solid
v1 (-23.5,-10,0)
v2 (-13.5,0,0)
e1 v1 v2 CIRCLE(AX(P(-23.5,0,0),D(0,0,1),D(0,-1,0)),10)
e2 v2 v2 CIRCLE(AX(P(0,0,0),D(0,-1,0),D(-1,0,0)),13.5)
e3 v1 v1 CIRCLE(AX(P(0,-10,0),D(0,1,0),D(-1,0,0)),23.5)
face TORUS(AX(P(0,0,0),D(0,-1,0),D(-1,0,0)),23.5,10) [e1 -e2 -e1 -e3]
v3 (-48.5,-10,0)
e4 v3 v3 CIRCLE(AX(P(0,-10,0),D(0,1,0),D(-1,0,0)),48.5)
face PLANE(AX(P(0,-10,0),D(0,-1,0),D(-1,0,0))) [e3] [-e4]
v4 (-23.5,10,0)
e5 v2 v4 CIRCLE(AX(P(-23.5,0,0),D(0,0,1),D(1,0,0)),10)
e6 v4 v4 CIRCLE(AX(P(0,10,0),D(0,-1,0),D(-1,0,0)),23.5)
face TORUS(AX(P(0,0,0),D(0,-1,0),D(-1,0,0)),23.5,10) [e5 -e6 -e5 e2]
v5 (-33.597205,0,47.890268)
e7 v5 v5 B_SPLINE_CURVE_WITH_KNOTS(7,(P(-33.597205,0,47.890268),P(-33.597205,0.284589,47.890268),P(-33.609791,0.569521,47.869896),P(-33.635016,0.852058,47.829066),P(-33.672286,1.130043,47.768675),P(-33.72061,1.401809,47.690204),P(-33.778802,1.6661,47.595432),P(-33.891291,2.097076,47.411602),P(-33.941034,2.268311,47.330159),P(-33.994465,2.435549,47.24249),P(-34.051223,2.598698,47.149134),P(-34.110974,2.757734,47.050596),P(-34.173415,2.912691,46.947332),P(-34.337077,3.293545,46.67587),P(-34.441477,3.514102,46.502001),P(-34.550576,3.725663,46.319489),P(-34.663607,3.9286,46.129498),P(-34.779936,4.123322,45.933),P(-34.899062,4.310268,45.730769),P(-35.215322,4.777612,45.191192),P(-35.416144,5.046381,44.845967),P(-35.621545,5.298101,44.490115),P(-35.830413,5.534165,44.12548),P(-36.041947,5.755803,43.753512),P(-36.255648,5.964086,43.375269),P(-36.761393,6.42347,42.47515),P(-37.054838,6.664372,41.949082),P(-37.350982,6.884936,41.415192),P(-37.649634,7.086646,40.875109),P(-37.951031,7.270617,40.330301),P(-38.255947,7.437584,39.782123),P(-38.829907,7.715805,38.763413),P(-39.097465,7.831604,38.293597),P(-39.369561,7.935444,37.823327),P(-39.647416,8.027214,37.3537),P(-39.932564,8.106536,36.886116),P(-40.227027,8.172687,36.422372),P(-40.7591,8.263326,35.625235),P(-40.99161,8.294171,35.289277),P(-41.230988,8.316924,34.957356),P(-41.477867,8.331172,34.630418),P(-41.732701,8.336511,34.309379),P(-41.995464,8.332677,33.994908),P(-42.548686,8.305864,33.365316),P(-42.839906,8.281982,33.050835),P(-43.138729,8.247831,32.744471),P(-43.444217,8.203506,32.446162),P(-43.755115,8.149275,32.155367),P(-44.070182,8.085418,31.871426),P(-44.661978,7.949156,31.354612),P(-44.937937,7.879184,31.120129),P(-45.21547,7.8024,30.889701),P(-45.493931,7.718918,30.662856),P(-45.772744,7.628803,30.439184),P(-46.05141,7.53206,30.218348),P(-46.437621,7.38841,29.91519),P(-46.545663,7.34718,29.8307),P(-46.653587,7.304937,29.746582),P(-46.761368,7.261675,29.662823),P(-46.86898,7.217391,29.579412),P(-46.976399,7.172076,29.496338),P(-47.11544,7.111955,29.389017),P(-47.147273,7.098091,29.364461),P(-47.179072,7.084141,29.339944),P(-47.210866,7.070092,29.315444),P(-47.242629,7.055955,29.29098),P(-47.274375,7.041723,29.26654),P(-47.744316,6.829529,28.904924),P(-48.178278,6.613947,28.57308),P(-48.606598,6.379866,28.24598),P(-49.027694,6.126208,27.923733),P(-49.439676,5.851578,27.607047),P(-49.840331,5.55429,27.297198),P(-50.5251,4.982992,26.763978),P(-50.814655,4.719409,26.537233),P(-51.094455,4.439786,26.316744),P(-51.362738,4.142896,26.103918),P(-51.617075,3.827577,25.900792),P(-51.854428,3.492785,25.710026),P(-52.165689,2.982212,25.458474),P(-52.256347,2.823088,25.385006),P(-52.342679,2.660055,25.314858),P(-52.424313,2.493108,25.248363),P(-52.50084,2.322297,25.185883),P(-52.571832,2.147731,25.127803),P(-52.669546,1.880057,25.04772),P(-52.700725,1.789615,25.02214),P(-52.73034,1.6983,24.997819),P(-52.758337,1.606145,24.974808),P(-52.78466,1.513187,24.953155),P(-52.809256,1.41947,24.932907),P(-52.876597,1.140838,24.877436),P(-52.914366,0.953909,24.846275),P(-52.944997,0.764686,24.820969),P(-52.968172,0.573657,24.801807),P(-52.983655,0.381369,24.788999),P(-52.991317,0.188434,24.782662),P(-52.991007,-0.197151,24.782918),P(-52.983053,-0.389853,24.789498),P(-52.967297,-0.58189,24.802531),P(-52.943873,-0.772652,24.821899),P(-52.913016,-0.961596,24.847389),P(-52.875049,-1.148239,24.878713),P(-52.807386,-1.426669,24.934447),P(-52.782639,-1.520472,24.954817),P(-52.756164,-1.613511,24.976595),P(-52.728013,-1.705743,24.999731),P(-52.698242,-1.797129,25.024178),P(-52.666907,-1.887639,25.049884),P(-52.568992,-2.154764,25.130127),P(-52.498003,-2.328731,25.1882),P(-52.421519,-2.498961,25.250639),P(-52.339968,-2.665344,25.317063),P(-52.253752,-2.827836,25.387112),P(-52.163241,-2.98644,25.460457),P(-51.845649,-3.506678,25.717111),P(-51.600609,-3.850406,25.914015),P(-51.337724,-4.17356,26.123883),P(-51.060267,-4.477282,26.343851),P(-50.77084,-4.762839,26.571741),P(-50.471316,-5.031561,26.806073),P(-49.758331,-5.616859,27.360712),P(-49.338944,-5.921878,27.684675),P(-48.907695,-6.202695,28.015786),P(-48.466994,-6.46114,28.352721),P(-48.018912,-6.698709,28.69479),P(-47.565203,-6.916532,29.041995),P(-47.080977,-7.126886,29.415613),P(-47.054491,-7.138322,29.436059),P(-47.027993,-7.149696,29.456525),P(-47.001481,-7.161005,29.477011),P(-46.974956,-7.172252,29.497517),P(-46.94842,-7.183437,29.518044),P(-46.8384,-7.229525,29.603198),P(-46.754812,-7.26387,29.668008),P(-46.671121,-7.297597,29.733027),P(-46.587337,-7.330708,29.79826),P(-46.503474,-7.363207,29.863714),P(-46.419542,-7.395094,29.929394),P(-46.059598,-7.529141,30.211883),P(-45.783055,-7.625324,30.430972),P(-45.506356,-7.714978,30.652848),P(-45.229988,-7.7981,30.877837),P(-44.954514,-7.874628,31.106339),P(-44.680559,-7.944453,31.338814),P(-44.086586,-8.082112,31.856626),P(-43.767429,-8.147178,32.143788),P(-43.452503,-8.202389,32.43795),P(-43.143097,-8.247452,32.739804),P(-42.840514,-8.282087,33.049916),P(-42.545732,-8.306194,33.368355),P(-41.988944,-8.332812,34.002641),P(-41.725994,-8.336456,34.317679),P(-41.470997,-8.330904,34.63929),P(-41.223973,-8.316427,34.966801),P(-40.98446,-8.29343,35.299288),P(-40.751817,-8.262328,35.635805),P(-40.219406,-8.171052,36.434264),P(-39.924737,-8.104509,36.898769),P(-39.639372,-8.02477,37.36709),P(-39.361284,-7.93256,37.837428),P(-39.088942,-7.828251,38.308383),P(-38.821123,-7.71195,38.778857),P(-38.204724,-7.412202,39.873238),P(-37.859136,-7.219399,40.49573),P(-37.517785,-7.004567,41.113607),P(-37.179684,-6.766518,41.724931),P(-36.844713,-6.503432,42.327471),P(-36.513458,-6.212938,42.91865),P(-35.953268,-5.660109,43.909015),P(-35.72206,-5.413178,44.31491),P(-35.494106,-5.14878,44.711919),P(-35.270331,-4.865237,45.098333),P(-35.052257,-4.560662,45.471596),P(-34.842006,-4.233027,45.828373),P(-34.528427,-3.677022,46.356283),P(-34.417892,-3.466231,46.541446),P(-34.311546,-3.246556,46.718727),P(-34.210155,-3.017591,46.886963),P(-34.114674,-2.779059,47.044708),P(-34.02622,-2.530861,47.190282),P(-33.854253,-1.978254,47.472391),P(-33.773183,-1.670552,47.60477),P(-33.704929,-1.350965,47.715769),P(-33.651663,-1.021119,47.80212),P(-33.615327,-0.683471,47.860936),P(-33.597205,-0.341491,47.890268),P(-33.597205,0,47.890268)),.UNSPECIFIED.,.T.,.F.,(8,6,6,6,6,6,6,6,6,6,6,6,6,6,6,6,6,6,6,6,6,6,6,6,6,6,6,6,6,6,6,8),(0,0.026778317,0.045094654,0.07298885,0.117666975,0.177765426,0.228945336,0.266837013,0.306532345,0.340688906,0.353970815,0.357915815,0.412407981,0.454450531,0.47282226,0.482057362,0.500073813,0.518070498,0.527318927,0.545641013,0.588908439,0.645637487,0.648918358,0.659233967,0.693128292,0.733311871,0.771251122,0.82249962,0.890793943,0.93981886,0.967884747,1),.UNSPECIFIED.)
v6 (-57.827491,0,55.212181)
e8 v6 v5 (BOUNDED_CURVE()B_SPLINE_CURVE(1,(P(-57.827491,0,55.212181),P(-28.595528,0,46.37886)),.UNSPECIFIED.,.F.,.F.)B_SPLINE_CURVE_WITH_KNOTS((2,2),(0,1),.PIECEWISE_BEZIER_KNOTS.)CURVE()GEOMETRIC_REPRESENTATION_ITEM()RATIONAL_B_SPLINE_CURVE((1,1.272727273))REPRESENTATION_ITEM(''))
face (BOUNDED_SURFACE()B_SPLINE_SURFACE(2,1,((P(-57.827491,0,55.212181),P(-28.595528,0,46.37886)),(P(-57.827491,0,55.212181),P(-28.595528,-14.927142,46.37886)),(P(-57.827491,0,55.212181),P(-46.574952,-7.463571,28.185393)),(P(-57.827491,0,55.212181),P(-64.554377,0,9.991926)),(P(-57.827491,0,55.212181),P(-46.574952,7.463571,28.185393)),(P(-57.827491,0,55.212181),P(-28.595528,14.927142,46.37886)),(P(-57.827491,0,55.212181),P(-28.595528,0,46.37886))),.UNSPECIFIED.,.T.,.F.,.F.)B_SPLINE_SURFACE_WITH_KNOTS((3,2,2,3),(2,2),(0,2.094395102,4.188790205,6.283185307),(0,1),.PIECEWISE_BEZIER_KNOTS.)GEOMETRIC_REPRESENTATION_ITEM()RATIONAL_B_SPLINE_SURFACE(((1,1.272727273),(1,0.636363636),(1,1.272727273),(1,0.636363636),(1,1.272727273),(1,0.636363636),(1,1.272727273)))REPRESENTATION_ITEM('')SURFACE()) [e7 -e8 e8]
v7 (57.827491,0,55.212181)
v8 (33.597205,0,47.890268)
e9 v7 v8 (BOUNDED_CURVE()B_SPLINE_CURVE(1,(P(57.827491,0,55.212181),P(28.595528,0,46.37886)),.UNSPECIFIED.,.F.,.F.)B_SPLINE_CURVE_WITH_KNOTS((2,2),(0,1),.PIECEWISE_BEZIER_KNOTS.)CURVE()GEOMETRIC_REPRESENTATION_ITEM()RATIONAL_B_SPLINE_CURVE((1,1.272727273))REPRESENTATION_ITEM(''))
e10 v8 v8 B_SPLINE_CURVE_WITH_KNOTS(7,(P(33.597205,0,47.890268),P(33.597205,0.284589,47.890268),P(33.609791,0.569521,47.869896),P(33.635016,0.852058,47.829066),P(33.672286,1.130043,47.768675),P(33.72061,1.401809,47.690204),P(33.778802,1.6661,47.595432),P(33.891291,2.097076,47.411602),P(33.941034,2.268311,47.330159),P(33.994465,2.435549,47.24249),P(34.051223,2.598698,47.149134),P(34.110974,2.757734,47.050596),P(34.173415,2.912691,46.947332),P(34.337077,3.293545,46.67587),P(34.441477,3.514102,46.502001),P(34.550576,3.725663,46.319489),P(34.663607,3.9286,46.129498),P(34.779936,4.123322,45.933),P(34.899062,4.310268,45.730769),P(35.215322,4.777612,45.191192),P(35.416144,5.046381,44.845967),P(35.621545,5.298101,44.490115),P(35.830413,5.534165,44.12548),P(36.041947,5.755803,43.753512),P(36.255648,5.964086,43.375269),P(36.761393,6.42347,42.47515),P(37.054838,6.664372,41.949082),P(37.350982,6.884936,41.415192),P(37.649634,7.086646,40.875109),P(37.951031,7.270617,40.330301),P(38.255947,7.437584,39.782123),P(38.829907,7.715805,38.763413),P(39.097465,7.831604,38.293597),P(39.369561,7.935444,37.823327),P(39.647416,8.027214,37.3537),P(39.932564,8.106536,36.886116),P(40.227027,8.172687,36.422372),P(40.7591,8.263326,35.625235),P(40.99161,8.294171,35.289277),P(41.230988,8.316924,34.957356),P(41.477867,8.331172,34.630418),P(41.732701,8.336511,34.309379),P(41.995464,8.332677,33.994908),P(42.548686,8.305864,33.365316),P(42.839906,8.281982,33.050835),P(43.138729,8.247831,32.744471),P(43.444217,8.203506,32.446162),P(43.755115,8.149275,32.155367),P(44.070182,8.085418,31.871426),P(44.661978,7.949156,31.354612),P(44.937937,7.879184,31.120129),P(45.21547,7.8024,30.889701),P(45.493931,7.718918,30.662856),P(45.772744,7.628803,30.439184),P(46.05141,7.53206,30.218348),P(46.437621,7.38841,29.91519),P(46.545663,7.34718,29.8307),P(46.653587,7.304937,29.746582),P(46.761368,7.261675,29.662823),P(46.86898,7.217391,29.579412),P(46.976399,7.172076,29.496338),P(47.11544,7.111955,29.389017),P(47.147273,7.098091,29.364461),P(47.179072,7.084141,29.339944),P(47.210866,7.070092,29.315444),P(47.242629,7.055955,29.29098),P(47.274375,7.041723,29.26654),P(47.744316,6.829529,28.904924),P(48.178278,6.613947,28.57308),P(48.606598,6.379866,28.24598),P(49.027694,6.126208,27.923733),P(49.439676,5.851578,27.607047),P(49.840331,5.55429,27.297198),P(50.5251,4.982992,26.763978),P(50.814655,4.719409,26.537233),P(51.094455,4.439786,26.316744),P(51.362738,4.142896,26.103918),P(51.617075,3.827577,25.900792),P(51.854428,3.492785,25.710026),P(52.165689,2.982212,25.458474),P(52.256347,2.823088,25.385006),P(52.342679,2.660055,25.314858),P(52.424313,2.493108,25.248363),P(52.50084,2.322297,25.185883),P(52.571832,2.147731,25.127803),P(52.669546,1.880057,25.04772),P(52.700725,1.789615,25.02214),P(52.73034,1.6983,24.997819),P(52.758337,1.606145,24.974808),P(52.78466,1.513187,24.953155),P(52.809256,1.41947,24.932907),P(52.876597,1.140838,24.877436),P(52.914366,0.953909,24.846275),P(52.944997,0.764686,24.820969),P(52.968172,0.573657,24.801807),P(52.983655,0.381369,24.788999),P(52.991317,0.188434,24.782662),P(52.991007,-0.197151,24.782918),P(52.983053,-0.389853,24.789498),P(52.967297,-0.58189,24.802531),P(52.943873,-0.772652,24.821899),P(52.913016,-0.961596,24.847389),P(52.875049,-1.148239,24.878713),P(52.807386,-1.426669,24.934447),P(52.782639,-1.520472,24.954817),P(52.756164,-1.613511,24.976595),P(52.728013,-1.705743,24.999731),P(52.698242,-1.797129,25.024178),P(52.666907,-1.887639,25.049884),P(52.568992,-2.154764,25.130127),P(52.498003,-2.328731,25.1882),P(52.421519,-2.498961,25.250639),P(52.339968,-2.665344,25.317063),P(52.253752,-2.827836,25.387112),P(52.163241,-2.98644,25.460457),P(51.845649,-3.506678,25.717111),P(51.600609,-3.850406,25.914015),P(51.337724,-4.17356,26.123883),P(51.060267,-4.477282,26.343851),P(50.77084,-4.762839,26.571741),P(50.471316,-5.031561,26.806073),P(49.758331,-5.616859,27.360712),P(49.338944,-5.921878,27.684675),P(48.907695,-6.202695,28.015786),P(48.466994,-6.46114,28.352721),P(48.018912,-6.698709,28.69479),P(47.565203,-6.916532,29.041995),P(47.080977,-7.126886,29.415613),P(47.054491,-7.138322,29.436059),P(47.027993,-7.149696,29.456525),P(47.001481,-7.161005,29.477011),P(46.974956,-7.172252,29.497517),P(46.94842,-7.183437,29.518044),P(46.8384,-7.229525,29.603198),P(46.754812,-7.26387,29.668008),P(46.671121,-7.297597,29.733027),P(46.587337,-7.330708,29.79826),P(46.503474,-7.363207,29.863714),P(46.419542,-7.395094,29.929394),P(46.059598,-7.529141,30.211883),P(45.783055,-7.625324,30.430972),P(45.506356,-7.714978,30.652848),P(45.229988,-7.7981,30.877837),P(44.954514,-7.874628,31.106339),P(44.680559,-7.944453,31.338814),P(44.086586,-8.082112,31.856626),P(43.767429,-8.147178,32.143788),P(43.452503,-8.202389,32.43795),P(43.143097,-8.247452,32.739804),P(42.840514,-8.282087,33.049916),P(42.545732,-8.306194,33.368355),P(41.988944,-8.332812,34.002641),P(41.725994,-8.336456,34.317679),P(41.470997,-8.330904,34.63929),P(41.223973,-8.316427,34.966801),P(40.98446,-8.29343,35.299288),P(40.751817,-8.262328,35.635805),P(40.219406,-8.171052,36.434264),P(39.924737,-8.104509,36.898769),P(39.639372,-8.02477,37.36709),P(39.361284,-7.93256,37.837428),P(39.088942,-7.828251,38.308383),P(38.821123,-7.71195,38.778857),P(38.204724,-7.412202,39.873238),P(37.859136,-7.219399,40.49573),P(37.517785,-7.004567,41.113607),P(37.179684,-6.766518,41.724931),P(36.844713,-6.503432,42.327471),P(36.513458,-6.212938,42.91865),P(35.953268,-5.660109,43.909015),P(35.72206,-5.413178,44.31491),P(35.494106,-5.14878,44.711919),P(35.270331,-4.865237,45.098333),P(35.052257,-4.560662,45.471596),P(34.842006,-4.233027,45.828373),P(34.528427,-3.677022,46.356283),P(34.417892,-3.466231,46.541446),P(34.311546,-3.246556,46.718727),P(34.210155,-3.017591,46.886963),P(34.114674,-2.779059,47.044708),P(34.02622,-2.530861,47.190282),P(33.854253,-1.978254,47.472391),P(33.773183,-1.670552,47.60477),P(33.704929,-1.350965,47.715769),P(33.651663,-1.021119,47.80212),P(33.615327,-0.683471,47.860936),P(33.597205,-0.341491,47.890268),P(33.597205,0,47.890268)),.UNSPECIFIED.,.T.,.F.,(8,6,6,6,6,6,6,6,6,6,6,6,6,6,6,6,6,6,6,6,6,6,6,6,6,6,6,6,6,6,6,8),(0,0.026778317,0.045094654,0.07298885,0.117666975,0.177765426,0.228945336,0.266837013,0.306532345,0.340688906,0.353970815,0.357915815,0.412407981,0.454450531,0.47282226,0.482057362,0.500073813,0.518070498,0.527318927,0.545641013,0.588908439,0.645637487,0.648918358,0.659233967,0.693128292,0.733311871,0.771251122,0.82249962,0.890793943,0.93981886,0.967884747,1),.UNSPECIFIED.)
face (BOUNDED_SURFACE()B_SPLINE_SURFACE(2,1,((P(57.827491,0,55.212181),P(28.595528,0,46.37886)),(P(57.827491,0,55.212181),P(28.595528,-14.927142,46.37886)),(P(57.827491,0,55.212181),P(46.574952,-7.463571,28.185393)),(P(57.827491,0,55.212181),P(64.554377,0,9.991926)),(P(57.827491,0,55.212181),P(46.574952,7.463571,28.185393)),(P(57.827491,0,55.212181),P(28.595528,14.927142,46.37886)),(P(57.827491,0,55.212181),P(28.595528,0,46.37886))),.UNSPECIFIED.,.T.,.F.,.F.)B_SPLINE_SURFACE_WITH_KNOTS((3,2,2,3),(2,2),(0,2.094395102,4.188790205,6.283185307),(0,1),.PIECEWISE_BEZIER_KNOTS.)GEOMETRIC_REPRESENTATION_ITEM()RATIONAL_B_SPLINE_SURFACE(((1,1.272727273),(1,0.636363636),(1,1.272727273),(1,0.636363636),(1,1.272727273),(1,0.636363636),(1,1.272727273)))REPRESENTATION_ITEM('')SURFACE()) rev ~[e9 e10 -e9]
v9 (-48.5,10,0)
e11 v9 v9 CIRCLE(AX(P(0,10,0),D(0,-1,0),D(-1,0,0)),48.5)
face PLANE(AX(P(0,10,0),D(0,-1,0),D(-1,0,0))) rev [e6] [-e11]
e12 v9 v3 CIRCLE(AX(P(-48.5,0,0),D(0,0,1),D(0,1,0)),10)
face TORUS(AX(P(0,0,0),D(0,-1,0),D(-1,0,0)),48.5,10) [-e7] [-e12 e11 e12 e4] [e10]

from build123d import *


with BuildPart() as f2:
    # F0 (on Top) → F2 (revolve)
    with BuildSketch(Plane.XY):
        with BuildLine():
            ThreePointArc((-48.5, -10), (-41.4289321881, -7.0710678119), (-38.5, 0))
            ThreePointArc((-38.5, 0), (-41.4289321881, 7.0710678119), (-48.5, 10))
            ThreePointArc((-48.5, 10), (-58.5, 0), (-48.5, -10))
        make_face()
        with BuildLine():
            ThreePointArc((-48.5, 10), (-41.4289321881, 7.0710678119), (-38.5, 0))
            ThreePointArc((-38.5, 0), (-41.4289321881, -7.0710678119), (-48.5, -10))
            Line((-48.5, -10), (-23.5, -10))
            ThreePointArc((-23.5, -10), (-33.5, 0), (-23.5, 10))
            Line((-23.5, 10), (-48.5, 10))
        make_face()
        with BuildLine():
            ThreePointArc((-13.5, 0), (-16.4289321881, 7.0710678119), (-23.5, 10))
            ThreePointArc((-23.5, 10), (-33.5, 0), (-23.5, -10))
            ThreePointArc((-23.5, -10), (-16.4289321881, -7.0710678119), (-13.5, 0))
        make_face()
    revolve(axis=Axis((0, 1.0170675814, 0), (0, -1, 0)))

    # F5 (on face) → F6 section 0
    with BuildSketch(Plane(origin=(-37.654770285, 0, 37.2117688785), x_dir=(0, 1, 0), z_dir=(0.711278432, 0, -0.7029103728)), mode=Mode.PRIVATE) as f6_s0:
        with BuildLine():
            add(Edge.make_bspline(
                [(0, 12.8881898709), (-14.9271422831, 12.8881898709), (-7.4635711415, -12.6903548371), (0, -38.2688995451), (7.4635711415, -12.6903548371), (14.9271422831, 12.8881898709), (0, 12.8881898709)],
                knots=[0, 0, 0, 2.0943951024, 2.0943951024, 4.1887902048, 4.1887902048, 6.2831853072, 6.2831853072, 6.2831853072], degree=2, weights=[1, 0.5, 1, 0.5, 1, 0.5, 1]))
        make_face()
    loft([Vertex(-57.8274913132, 0, 55.2121810615), f6_s0.sketch])

    # F7: F2 across plane


with BuildPart() as f2_1:
    add(f2.part)
    add(f2.part.mirror(Plane.YZ))


solid = f2_1.part
